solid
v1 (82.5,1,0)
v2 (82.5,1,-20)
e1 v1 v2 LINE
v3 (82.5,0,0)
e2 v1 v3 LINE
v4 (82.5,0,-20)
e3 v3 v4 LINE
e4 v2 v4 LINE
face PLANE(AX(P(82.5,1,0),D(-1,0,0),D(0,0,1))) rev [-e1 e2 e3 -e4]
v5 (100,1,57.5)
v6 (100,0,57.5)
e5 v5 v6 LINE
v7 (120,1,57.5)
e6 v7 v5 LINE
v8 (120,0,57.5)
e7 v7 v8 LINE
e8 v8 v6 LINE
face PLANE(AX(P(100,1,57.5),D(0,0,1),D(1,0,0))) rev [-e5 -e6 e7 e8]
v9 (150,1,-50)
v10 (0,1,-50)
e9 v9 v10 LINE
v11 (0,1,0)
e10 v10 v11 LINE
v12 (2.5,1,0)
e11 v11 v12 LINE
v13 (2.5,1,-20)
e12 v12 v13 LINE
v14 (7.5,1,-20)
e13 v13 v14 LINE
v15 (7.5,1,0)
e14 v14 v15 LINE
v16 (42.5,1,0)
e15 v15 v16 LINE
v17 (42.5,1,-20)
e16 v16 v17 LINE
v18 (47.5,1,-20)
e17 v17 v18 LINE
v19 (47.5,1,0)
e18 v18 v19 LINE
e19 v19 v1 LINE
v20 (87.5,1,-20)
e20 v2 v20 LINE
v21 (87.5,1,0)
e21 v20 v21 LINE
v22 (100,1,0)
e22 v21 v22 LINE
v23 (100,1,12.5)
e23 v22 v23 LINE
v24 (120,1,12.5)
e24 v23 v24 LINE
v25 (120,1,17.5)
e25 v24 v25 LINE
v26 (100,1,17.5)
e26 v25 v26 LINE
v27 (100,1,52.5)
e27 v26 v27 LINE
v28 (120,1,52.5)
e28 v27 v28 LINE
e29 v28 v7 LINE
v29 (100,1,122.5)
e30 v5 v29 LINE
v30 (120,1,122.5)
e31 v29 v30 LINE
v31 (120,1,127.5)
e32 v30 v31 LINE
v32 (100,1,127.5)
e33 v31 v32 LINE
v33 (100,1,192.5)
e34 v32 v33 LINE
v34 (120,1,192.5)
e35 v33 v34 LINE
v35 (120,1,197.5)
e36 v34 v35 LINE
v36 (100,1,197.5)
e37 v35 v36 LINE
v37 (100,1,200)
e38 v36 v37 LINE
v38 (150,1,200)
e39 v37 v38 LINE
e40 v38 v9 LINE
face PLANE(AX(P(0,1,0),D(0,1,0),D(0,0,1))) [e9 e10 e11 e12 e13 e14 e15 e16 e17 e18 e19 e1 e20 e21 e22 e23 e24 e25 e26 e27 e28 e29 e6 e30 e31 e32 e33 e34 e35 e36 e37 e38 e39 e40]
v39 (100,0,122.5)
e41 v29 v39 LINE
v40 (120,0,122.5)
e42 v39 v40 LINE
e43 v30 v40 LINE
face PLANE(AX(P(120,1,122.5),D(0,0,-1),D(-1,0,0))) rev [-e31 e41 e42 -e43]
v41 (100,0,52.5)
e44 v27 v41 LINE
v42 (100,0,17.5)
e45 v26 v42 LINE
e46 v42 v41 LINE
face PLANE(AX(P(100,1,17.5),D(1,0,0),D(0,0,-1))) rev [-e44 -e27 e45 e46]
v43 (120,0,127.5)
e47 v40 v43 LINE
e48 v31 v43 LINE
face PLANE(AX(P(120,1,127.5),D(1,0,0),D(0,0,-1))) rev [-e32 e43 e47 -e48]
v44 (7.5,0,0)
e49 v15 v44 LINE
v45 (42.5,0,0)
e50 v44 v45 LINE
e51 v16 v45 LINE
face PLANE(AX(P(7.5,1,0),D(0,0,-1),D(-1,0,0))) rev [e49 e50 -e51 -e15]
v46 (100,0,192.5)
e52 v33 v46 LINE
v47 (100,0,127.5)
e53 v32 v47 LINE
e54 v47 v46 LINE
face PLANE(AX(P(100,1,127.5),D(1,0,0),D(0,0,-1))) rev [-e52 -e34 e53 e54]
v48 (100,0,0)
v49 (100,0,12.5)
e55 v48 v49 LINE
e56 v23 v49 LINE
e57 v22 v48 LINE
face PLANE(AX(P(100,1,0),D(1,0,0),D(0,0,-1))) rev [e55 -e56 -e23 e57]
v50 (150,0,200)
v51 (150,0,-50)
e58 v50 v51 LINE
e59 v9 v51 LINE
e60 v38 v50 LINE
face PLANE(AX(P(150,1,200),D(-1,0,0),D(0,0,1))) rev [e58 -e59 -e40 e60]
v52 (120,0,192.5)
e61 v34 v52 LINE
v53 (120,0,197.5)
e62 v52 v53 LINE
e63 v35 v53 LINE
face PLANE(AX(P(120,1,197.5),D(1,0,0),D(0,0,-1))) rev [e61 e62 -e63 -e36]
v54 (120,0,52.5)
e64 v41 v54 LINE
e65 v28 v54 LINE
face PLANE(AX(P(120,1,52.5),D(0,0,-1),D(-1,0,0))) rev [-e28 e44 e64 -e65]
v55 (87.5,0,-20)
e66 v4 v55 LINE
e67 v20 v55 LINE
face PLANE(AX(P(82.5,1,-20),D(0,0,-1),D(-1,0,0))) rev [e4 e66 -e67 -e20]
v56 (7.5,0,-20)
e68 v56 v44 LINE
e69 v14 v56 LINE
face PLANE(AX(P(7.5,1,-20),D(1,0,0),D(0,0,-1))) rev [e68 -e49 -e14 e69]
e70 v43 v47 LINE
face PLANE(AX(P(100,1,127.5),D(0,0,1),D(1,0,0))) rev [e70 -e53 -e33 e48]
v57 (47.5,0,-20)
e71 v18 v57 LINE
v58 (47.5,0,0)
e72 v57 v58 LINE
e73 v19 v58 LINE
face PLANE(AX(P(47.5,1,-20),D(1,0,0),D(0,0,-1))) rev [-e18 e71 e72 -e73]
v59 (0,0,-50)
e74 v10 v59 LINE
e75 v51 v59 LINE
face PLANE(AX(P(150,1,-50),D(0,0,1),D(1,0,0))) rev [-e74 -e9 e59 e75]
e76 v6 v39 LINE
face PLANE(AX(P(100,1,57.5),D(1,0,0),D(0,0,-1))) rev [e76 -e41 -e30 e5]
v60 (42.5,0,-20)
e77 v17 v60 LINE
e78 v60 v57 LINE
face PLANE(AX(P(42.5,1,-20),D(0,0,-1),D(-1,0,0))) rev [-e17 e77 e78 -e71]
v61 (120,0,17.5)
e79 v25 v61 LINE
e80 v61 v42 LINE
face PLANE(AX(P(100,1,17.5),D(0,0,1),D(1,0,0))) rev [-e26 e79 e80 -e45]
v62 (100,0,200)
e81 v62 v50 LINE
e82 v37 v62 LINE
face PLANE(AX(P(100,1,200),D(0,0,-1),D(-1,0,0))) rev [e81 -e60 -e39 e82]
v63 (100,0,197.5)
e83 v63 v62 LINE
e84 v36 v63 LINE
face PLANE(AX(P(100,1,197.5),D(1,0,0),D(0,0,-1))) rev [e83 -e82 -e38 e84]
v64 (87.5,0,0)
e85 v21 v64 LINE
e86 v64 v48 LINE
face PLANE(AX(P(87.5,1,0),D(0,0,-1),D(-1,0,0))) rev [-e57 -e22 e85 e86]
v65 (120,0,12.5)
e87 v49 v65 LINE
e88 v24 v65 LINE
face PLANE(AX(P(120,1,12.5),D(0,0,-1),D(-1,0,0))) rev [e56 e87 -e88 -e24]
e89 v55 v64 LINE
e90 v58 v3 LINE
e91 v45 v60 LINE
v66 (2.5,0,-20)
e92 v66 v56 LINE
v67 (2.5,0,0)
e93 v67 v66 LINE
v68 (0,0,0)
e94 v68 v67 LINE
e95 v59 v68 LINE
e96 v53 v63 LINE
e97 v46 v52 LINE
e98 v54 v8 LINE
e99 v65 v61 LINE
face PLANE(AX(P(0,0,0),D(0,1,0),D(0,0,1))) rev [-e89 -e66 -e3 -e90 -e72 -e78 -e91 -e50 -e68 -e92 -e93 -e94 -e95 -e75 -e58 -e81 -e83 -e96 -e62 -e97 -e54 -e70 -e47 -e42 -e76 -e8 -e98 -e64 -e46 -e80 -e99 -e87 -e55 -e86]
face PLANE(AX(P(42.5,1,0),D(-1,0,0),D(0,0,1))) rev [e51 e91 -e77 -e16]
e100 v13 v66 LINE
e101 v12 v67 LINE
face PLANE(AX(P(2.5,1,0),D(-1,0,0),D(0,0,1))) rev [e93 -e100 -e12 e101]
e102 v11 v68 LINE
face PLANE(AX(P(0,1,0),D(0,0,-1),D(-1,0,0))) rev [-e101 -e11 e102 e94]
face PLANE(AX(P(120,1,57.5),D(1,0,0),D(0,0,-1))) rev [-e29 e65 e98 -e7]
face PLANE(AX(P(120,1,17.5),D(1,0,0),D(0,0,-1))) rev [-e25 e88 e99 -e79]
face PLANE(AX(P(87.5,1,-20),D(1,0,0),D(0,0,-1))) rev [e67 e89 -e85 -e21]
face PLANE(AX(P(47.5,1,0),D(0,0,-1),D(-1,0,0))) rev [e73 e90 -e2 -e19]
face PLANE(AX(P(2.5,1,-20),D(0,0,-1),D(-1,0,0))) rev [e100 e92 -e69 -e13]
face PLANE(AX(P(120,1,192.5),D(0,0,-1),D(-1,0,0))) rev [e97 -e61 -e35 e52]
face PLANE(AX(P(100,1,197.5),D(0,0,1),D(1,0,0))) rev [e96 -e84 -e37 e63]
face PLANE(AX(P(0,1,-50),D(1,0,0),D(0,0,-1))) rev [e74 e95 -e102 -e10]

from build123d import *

# Parameters (mm, degrees)
BOSS_EXTRUDE1_DEPTH = 1


with BuildPart() as part:
    # Sketch1 → Boss-Extrude1 (new body)
    with BuildSketch(Plane(origin=(0, 0, 0), x_dir=(1, 0, 0), z_dir=(0, 1, 0))):
        Polygon((0, 0), (2.5, 0), (2.5, 20), (7.5, 20), (7.5, 0), (42.5, 0), (42.5, 20), (47.5, 20), (47.5, 0), (82.5, 0), (82.5, 20), (87.5, 20), (87.5, 0), (100, 0), (100, -12.5), (120, -12.5), (120, -17.5), (100, -17.5), (100, -52.5), (120, -52.5), (120, -57.5), (100, -57.5), (100, -122.5), (120, -122.5), (120, -127.5), (100, -127.5), (100, -192.5), (120, -192.5), (120, -197.5), (100, -197.5), (100, -200), (150, -200), (150, 50), (0, 50), align=None)
    extrude(amount=BOSS_EXTRUDE1_DEPTH)


solid = part.part
